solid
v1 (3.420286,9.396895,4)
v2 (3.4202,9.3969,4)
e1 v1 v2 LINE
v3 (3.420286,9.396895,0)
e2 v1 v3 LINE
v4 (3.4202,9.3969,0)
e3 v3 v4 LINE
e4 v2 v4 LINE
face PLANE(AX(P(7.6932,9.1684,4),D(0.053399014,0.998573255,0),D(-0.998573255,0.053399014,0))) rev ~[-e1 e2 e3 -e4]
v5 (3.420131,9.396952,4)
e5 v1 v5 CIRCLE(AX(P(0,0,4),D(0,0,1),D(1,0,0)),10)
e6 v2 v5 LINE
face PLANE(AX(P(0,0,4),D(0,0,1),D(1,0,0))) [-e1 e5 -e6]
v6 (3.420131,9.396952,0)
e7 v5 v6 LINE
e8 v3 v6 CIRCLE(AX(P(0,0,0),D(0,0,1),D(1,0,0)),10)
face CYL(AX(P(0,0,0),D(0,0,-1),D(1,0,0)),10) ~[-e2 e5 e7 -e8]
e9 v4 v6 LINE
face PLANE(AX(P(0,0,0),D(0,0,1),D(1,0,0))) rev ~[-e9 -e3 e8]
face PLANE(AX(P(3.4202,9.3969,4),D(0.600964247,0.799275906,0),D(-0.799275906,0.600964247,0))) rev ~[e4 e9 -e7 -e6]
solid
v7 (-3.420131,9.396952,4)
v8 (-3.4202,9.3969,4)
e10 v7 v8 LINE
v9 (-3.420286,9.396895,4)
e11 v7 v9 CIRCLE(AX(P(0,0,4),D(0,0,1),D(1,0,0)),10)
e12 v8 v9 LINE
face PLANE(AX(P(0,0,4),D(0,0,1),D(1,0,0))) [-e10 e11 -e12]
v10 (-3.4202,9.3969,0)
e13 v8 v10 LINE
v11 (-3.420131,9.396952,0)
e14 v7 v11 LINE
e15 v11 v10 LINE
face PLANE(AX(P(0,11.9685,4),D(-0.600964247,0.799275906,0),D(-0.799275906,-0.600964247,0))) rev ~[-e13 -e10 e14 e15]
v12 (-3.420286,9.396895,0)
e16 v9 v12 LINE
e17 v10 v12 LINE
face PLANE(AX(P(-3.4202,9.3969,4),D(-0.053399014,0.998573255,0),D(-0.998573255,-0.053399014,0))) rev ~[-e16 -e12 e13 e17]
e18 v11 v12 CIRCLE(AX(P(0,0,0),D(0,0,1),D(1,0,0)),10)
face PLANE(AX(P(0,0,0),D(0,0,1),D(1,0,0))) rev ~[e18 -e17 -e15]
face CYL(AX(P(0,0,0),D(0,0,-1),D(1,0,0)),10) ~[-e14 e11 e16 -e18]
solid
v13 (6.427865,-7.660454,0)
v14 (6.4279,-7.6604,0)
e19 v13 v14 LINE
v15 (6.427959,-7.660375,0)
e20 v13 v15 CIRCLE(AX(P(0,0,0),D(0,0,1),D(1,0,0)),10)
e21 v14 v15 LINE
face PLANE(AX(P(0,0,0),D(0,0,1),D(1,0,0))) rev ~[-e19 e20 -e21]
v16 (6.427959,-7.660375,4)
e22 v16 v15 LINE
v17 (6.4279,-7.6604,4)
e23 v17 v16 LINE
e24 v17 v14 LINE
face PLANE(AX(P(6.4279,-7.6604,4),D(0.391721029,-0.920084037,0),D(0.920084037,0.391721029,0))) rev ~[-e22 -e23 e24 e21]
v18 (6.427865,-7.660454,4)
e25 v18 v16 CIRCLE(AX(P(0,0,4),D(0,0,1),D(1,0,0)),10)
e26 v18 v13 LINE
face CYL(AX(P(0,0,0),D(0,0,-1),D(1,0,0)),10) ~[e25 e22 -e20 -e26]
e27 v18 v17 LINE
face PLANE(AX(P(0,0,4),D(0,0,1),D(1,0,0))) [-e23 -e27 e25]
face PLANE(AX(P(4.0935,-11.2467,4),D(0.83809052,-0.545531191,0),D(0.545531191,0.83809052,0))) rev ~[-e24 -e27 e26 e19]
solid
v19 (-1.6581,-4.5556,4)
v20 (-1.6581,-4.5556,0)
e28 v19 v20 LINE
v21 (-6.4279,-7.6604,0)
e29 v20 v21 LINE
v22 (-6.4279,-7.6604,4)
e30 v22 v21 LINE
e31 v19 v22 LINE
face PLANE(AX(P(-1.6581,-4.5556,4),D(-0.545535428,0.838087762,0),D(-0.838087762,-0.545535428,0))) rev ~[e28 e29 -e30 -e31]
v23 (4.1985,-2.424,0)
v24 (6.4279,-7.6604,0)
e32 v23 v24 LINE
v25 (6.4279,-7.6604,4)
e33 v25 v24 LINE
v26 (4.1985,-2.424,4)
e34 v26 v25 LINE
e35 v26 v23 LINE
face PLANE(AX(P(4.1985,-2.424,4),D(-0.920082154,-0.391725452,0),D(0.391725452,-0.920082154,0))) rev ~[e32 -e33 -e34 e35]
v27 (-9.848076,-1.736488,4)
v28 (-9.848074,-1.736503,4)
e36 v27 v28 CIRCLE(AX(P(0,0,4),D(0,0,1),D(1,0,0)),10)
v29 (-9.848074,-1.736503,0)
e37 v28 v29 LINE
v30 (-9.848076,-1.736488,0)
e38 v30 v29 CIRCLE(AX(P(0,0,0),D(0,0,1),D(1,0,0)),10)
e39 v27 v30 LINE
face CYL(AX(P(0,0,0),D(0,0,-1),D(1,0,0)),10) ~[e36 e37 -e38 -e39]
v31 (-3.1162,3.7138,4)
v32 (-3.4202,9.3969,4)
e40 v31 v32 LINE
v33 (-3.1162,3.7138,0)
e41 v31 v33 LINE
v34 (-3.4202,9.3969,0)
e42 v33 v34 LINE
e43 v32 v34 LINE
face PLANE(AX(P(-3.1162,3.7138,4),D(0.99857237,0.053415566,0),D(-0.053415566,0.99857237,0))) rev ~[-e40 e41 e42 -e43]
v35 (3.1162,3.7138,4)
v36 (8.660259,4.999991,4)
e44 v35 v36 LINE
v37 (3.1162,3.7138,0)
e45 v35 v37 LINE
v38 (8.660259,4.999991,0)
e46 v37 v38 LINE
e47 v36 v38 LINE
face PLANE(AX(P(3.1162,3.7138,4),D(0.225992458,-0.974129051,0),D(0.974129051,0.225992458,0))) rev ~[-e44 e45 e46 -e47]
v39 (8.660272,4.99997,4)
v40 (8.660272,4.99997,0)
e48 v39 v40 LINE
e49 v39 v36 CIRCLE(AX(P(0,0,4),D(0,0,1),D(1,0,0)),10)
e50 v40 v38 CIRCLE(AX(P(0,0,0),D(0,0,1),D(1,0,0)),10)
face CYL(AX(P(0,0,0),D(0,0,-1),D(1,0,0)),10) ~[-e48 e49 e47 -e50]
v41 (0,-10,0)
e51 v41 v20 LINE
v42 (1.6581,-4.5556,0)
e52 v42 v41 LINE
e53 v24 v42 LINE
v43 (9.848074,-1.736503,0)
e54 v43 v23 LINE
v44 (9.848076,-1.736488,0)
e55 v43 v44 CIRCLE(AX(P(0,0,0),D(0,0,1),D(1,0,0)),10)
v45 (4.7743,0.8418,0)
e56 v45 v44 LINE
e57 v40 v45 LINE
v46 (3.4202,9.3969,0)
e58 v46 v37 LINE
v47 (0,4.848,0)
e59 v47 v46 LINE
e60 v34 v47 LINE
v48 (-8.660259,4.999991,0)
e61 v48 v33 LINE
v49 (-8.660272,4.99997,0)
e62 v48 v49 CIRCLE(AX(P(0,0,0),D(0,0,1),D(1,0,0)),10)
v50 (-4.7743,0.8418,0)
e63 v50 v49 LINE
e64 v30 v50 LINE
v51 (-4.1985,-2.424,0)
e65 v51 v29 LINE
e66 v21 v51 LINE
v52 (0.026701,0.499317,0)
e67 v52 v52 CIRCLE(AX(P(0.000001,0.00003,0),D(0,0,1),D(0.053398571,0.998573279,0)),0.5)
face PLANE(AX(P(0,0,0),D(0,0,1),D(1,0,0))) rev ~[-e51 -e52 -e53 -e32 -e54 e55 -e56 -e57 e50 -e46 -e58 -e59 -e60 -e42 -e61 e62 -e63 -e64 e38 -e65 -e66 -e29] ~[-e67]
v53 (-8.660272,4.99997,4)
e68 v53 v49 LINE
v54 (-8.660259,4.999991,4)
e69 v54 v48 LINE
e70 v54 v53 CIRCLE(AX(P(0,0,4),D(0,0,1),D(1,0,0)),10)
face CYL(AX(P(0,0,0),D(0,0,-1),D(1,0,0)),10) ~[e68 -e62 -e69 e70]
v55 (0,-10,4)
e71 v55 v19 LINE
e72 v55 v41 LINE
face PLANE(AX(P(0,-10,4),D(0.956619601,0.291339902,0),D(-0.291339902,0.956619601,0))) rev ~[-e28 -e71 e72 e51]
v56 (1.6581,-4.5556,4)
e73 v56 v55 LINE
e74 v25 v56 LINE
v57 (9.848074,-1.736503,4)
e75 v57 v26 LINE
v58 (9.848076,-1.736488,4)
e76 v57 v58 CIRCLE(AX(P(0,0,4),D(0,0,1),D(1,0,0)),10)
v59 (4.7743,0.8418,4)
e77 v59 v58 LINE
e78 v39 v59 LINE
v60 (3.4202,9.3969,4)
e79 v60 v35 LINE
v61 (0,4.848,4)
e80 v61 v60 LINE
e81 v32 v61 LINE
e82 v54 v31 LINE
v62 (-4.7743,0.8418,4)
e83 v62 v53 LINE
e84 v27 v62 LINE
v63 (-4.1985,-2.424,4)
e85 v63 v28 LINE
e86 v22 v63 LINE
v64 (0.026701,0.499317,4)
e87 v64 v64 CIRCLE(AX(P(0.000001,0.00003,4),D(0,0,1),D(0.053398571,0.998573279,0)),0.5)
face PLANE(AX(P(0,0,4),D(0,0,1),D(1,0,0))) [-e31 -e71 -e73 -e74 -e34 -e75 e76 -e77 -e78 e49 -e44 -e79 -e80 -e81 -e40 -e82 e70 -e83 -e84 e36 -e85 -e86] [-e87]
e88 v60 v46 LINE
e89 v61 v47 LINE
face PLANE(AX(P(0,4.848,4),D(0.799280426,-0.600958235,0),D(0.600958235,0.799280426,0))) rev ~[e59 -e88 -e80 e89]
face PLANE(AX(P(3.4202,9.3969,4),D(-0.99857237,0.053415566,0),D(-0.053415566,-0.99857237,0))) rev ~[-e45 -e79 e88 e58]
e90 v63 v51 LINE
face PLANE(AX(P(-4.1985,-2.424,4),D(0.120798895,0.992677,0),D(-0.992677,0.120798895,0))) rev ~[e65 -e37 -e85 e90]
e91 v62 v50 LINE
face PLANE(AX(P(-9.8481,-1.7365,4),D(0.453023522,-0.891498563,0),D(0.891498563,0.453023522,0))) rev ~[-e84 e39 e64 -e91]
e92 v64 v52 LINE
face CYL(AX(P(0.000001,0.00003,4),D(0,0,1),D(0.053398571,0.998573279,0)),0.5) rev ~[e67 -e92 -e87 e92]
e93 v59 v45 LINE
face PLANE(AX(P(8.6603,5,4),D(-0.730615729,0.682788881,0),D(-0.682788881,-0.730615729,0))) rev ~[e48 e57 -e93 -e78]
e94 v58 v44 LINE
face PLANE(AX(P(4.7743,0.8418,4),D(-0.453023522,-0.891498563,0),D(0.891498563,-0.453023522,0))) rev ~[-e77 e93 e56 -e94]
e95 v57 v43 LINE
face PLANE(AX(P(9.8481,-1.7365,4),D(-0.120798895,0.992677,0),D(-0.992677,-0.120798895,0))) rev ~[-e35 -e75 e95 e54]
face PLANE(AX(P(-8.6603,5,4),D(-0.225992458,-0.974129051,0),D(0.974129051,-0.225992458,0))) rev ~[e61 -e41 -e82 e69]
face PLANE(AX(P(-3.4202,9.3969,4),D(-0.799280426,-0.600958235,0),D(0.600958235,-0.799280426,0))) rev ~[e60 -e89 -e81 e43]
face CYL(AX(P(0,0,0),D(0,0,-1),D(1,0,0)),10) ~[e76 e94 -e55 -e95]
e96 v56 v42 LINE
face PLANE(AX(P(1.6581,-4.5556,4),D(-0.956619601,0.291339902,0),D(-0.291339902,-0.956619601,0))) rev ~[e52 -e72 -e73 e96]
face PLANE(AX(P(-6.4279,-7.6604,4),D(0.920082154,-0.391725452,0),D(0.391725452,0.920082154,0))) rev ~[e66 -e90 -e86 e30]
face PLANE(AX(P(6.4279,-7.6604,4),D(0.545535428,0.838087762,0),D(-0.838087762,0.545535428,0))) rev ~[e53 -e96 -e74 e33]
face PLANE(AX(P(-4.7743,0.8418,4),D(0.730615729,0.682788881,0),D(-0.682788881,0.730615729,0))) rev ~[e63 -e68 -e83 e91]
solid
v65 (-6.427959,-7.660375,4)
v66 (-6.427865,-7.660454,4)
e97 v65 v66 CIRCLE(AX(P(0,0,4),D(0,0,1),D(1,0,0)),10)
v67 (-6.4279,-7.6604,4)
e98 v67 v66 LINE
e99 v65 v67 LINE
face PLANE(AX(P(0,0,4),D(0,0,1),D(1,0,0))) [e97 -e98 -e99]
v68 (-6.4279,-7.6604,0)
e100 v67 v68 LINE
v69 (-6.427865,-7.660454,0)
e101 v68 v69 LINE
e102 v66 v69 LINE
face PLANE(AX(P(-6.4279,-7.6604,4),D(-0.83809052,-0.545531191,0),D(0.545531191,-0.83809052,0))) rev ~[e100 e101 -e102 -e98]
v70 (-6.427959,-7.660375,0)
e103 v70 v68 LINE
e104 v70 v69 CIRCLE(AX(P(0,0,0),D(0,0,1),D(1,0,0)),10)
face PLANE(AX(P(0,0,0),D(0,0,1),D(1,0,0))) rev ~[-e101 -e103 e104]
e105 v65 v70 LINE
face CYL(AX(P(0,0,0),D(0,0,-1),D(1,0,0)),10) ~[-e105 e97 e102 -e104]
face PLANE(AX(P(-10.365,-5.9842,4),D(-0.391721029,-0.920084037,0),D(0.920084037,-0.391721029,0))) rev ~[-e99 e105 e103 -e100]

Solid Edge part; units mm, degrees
sketch "Sketch1" plane through (0, 0, 0) normal (0, 0, 1) x (1, 0, 0)
  circle A0 centre (0, 0) radius 10
extrude "Protrusion1" add sketch "Sketch1" along normal blind 4
sketch "Sketch2" plane through (0, 0, 4) normal (0, 0, 1) x (1, 0, 0)
  line L0 (-3.4202, 9.3969) -> (0, 4.848)
  line L1 (0, 4.848) -> (3.4202, 9.3969)
  line L2 (3.4202, 9.3969) -> (0, 11.9685)
  line L3 (0, 11.9685) -> (-3.4202, 9.3969)
  line L4 (-8.6603, 5) -> (-3.1162, 3.7138)
  line L5 (-3.1162, 3.7138) -> (-3.4202, 9.3969)
  line L6 (-3.4202, 9.3969) -> (-7.6932, 9.1684)
  line L7 (-7.6932, 9.1684) -> (-8.6603, 5)
  line L8 (-9.8481, -1.7365) -> (-4.7743, 0.8418)
  line L9 (-4.7743, 0.8418) -> (-8.6603, 5)
  line L10 (-8.6603, 5) -> (-11.7866, 2.0783)
  line L11 (-11.7866, 2.0783) -> (-9.8481, -1.7365)
  line L12 (-6.4279, -7.6604) -> (-4.1985, -2.424)
  line L13 (-4.1985, -2.424) -> (-9.8481, -1.7365)
  line L14 (-9.8481, -1.7365) -> (-10.365, -5.9842)
  line L15 (-10.365, -5.9842) -> (-6.4279, -7.6604)
  line L16 (0, -10) -> (-1.6581, -4.5556)
  line L17 (-1.6581, -4.5556) -> (-6.4279, -7.6604)
  line L18 (-6.4279, -7.6604) -> (-4.0935, -11.2467)
  line L19 (-4.0935, -11.2467) -> (0, -10)
  line L20 (6.4279, -7.6604) -> (1.6581, -4.5556)
  line L21 (1.6581, -4.5556) -> (0, -10)
  line L22 (0, -10) -> (4.0935, -11.2467)
  line L23 (4.0935, -11.2467) -> (6.4279, -7.6604)
  line L24 (9.8481, -1.7365) -> (4.1985, -2.424)
  line L25 (4.1985, -2.424) -> (6.4279, -7.6604)
  line L26 (6.4279, -7.6604) -> (10.365, -5.9842)
  line L27 (10.365, -5.9842) -> (9.8481, -1.7365)
  line L28 (8.6603, 5) -> (4.7743, 0.8418)
  line L29 (4.7743, 0.8418) -> (9.8481, -1.7365)
  line L30 (9.8481, -1.7365) -> (11.7866, 2.0783)
  line L31 (11.7866, 2.0783) -> (8.6603, 5)
  line L32 (3.4202, 9.3969) -> (3.1162, 3.7138)
  line L33 (3.1162, 3.7138) -> (8.6603, 5)
  line L34 (8.6603, 5) -> (7.6932, 9.1684)
  line L35 (7.6932, 9.1684) -> (3.4202, 9.3969)
extrude "ExtrudedCutout_1" cut sketch "Sketch2" against normal blind 4
sketch "Sketch3" plane through (0, -0.3015, 4) normal (0, 0, 1) x (0.0534, 0.9986, 0)
  circle A0 centre (0.3011, 0.0161) radius 0.5
extrude "ExtrudedCutout_2" cut sketch "Sketch3" against normal blind 23.5117
